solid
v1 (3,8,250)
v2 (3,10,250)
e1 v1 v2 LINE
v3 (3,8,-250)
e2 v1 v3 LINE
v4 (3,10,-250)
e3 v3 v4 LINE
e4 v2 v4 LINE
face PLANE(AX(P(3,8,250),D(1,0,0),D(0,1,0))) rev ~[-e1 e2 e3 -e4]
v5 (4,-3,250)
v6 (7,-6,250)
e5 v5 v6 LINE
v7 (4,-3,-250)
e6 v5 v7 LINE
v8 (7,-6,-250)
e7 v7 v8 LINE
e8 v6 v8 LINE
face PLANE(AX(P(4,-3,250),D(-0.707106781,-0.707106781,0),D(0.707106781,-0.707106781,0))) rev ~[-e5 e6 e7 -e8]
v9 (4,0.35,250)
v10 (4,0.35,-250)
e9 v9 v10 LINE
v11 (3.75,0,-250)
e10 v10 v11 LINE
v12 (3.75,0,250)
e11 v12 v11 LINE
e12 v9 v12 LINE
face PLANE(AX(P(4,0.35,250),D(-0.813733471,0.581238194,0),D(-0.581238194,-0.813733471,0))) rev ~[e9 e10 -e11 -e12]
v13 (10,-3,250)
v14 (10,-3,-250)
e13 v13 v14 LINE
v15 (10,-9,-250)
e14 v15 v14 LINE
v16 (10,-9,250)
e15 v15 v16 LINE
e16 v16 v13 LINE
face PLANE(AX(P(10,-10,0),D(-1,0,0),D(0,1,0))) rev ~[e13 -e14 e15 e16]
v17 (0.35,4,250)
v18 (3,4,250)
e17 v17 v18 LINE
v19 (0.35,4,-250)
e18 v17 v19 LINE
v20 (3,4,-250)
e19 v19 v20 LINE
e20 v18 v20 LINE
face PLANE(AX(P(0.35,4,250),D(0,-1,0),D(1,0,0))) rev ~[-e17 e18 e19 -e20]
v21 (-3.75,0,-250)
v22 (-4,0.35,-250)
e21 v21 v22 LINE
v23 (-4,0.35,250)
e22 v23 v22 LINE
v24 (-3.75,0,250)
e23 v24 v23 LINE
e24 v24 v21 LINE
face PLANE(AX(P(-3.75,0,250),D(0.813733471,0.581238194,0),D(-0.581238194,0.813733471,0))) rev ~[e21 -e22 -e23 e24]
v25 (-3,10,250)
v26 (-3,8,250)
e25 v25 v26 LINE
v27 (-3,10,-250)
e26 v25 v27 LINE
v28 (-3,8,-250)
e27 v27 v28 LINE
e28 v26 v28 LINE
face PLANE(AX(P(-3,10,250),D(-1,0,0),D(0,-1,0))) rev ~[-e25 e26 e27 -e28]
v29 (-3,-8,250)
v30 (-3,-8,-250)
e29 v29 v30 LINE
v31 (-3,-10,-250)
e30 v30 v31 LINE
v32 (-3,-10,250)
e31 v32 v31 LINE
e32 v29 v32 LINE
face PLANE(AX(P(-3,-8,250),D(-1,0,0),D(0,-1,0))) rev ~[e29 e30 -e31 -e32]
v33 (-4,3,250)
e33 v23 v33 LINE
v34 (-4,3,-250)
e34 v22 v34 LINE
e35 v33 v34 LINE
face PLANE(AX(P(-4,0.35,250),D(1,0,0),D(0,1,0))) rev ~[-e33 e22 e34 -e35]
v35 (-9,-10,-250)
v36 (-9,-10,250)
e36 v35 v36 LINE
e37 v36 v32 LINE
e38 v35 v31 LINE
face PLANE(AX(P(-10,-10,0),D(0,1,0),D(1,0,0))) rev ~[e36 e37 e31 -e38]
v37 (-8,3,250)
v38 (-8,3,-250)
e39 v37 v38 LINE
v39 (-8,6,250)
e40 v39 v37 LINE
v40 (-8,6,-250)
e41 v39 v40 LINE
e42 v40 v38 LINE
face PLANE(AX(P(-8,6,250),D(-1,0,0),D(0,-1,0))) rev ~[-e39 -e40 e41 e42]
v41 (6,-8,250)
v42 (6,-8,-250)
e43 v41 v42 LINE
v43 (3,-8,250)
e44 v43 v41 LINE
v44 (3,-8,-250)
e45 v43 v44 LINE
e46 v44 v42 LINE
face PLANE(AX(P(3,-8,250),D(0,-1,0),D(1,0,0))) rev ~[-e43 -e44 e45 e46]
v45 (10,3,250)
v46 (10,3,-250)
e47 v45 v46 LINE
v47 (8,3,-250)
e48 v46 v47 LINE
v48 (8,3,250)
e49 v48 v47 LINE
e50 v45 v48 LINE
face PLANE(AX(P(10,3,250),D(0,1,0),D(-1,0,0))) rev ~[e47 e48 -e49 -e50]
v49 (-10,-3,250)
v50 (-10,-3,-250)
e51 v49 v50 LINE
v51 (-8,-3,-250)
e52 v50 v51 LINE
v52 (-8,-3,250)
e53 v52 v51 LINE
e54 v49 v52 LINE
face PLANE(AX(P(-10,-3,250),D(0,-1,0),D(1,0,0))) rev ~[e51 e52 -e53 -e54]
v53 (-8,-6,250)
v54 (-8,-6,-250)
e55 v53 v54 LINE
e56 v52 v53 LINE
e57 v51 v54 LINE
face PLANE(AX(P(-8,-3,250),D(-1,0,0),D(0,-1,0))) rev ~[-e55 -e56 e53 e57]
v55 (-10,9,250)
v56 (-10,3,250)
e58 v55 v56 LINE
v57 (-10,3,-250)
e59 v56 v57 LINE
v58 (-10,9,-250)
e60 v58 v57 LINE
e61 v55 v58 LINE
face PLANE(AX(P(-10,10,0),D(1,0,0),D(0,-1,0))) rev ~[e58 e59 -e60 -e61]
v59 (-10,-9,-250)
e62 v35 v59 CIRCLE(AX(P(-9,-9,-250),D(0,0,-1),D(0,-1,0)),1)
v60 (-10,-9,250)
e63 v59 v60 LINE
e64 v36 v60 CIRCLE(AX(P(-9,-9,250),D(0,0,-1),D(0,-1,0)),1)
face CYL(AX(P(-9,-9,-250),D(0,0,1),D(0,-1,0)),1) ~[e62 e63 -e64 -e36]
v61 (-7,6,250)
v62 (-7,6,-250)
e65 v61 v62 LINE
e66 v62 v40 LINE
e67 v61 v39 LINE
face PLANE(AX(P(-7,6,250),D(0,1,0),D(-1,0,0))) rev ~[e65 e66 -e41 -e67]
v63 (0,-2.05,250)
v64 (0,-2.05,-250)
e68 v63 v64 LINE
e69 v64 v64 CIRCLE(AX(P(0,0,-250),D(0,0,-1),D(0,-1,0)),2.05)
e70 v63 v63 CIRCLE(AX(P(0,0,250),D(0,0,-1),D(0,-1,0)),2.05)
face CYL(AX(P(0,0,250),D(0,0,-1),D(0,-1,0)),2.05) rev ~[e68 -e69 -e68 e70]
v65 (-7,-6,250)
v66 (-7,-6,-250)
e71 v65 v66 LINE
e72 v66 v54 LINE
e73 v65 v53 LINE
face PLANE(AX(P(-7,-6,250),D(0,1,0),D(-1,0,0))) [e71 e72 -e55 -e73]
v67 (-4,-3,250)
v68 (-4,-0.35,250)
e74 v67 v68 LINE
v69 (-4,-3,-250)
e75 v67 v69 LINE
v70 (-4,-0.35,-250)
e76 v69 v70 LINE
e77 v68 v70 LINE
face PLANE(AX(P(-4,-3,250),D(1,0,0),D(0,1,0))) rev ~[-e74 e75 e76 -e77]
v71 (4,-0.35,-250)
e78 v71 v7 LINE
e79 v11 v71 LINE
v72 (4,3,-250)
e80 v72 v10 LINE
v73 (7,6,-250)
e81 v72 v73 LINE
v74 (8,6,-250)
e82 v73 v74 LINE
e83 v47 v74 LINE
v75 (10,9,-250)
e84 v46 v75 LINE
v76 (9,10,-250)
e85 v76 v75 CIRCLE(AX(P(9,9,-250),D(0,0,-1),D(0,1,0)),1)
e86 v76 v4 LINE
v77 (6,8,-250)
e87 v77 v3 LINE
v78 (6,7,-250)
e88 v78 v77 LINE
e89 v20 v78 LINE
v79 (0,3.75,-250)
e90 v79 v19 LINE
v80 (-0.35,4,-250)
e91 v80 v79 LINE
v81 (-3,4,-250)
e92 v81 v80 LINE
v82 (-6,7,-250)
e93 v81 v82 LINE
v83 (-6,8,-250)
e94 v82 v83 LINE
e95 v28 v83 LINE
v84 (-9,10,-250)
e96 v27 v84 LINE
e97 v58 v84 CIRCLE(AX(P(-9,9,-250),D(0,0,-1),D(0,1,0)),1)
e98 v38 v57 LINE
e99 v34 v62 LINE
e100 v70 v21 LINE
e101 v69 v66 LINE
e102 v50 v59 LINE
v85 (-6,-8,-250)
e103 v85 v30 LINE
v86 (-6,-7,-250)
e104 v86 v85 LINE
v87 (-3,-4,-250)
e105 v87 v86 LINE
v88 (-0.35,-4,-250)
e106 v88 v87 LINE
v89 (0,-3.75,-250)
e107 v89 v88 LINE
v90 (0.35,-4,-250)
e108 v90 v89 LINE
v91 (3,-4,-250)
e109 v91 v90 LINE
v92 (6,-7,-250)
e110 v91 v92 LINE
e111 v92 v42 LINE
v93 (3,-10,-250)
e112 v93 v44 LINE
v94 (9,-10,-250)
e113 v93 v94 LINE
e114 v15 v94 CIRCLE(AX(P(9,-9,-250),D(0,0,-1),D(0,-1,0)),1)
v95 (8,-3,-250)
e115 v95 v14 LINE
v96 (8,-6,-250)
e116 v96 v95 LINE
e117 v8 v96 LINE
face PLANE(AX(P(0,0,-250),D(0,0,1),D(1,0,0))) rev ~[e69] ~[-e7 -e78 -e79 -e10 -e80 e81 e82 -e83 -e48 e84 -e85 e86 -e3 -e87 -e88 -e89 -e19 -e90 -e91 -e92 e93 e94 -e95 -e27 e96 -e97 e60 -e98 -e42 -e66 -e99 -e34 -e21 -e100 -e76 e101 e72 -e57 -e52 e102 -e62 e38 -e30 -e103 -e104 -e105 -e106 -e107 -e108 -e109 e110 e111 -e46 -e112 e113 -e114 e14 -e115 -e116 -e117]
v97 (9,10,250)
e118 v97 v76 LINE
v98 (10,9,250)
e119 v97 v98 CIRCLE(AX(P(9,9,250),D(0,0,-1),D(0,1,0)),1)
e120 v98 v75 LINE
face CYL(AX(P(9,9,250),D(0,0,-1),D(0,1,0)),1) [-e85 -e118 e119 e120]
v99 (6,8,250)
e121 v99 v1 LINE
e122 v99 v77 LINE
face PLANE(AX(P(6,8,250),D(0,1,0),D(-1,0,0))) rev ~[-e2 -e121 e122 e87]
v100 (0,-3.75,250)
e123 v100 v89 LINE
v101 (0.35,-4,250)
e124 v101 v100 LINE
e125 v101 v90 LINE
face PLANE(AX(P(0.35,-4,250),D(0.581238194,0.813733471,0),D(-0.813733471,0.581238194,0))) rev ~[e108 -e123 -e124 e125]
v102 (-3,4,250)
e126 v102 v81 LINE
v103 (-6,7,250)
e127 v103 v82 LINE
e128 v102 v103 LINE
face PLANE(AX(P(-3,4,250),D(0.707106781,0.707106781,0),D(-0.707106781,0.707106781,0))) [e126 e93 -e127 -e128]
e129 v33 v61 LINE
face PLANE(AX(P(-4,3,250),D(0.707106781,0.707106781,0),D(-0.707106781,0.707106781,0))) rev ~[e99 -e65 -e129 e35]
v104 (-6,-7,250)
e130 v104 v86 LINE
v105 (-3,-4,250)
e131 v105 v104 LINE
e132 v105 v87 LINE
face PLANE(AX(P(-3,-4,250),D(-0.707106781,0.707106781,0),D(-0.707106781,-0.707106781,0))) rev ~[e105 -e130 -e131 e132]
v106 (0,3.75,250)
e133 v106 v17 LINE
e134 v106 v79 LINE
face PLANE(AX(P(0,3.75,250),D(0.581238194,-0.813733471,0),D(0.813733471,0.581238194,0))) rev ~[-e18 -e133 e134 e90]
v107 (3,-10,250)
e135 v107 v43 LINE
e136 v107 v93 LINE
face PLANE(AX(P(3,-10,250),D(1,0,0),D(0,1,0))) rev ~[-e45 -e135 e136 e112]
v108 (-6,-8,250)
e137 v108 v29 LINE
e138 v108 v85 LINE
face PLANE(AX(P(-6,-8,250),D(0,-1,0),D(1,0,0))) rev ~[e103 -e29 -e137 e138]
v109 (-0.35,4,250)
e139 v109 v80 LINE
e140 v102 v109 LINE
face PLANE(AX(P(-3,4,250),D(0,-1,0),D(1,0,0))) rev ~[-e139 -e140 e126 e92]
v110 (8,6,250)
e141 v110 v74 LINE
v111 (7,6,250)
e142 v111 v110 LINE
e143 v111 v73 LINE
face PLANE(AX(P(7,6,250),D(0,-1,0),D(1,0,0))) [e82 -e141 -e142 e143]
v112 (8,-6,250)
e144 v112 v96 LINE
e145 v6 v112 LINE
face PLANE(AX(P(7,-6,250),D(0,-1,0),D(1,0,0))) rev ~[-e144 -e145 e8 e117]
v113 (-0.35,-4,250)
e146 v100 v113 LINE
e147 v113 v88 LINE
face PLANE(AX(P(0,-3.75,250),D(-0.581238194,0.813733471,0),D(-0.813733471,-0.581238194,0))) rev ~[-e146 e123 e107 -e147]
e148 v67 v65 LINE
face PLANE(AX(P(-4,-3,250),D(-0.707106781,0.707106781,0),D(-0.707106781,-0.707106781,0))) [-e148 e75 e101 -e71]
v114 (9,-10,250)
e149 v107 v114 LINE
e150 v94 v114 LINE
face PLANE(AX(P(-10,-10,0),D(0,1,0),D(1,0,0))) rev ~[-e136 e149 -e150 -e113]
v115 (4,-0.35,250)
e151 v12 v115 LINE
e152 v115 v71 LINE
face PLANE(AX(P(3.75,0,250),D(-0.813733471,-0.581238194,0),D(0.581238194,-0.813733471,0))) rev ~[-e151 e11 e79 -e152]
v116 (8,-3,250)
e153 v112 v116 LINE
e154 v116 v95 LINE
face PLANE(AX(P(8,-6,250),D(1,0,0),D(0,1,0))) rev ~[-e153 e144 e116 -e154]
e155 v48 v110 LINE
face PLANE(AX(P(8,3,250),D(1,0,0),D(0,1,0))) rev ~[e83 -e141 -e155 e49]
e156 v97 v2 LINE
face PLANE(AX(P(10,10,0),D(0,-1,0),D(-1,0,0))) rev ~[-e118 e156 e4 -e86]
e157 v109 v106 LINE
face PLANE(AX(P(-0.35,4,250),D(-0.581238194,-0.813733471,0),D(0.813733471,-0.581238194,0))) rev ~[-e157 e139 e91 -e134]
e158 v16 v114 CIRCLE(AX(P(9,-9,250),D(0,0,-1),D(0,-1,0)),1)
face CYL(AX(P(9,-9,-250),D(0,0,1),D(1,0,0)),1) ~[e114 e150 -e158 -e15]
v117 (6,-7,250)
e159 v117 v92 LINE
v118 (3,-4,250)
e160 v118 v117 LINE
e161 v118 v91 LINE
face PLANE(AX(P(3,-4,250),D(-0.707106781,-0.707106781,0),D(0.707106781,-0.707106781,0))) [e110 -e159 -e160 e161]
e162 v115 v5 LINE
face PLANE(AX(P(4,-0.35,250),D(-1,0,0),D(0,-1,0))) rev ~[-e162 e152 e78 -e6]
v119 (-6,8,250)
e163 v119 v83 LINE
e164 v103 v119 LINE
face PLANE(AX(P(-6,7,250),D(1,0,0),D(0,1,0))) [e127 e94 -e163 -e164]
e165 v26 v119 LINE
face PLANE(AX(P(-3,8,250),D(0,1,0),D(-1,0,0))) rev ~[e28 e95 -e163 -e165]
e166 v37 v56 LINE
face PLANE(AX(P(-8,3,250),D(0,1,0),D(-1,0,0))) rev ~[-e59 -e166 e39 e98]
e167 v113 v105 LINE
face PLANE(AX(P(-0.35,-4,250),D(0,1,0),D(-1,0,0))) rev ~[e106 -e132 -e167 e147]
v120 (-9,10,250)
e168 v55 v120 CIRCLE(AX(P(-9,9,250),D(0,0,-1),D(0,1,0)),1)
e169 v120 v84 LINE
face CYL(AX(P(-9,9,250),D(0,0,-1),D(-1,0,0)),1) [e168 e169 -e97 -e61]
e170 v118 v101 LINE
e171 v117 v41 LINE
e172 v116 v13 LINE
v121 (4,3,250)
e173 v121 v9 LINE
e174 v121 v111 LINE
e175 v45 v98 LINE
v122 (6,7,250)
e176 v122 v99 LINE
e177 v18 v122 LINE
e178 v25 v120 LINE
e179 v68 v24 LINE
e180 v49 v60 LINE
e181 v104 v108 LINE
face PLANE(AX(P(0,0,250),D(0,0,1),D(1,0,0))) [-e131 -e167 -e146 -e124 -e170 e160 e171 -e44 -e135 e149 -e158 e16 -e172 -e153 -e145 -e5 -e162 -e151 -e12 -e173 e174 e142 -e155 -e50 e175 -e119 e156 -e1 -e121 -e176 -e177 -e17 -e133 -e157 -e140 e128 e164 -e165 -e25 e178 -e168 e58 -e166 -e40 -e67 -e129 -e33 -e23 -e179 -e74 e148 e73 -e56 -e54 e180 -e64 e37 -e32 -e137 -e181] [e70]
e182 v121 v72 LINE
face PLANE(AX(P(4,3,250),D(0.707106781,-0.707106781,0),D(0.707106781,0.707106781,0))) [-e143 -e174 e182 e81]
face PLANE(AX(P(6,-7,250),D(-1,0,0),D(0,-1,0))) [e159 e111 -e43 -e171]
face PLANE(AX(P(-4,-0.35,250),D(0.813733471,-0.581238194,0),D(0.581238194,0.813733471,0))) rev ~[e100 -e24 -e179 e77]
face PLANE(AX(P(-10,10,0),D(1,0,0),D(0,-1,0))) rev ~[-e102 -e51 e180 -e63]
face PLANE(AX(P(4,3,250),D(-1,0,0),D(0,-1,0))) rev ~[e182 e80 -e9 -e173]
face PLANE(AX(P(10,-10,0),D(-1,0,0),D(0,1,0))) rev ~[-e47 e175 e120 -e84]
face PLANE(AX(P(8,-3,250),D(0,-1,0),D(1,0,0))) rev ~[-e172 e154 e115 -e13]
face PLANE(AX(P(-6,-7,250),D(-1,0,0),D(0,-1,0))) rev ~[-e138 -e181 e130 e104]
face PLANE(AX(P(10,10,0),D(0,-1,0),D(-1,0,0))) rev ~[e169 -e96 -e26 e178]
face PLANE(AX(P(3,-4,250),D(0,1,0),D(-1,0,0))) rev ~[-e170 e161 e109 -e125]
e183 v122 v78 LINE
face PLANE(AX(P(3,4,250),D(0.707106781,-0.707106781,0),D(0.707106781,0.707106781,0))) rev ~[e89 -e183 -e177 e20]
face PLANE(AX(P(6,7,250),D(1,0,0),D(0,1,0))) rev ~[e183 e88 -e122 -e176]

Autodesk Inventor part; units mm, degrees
ref_plane "YZ Plane" through (0, 0, 0) normal (1, 0, 0) x (0, 1, 0)
ref_plane "XZ Plane" through (0, 0, 0) normal (0, 1, 0) x (-1, 0, 0)
ref_plane "XY Plane" through (0, 0, 0) normal (0, 0, 1) x (1, 0, 0)
sketch "Sketch1" plane through (0, 0, 0) normal (0, 0, 1) x (1, 0, 0)
  line L0 (-10, -10) -> (10, -10)
  line L1 (10, -10) -> (10, 10)
  line L2 (10, 10) -> (-10, 10)
  line L3 (-10, 10) -> (-10, -10)
  line L4 (-10, -10) -> (10, 10) construction
  line L5 (10, -10) -> (-10, 10) construction
  point P0 (0, 0)
  dimension "d0" = 20
  dimension "d1" = 20
extrude "Extrusion1" add sketch "Sketch1" along normal mid plane 500
sketch "Sketch2" plane through (0, 0, 250) normal (0, 0, 1) x (1, 0, 0)
  line L0 (-10, -10) -> (10, -10) projected
  line L1 (10, -10) -> (10, 10) projected
  line L2 (10, 10) -> (-10, 10) projected
  line L3 (-10, 10) -> (-10, -10) projected
  line L4 (10, 10) -> (-10, 10) projected
  line L5 (-3, 10) -> (-3, 8)
  line L6 (-3, 8) -> (-6, 8)
  line L7 (-3, 4) -> (3, 4)
  line L8 (6, 8) -> (3, 8)
  line L9 (3, 8) -> (3, 10)
  line L10 (-3, 4) -> (-6, 7)
  line L11 (-6, 7) -> (-6, 8)
  line L12 (3, 4) -> (6, 7)
  line L13 (6, 7) -> (6, 8)
  line L14 (-0.35, 4) -> (0, 3.75)
  line L15 (0, 3.75) -> (0.35, 4)
  point P0 (0, 0)
  point P1 (0, 4)
  dimension "d5" = 2
  dimension "d6" = 4
  dimension "d7" = 12
  dimension "d8" = 6
  dimension "d9" = 1
  dimension "d10" = 6
  dimension "d11" = 6
  dimension "d25" = 0.25
  dimension "d26" = 0.7
extrude "Extrusion2" cut sketch "Sketch2" against normal through all contours L2 L9 L8 L13 L12 L7 L10 L11 L6 L5 | L7 L15 L14
pattern_circular "Circular Pattern1" count 4 over 360 about axis through (0, 0, -10) along (0, 0, 1) of "Extrusion2"
fillet "Fillet1" radius 1 4 edges at (10, 10, 0) (10, -10, 0) (-10, 10, 0) (-10, -10, 0)
sketch "Sketch6" plane through (0, 0, 250) normal (0, 0, 1) x (1, 0, 0)
  point P0 (0, 0)
  point P1 (0, 0)
hole "Hole3" at (0, 0, 250) direction (0, 0, -1) diameter 4.1 end through all
properties part number "20x20 Extrusion with threaded end" material "Aluminum 6061"
